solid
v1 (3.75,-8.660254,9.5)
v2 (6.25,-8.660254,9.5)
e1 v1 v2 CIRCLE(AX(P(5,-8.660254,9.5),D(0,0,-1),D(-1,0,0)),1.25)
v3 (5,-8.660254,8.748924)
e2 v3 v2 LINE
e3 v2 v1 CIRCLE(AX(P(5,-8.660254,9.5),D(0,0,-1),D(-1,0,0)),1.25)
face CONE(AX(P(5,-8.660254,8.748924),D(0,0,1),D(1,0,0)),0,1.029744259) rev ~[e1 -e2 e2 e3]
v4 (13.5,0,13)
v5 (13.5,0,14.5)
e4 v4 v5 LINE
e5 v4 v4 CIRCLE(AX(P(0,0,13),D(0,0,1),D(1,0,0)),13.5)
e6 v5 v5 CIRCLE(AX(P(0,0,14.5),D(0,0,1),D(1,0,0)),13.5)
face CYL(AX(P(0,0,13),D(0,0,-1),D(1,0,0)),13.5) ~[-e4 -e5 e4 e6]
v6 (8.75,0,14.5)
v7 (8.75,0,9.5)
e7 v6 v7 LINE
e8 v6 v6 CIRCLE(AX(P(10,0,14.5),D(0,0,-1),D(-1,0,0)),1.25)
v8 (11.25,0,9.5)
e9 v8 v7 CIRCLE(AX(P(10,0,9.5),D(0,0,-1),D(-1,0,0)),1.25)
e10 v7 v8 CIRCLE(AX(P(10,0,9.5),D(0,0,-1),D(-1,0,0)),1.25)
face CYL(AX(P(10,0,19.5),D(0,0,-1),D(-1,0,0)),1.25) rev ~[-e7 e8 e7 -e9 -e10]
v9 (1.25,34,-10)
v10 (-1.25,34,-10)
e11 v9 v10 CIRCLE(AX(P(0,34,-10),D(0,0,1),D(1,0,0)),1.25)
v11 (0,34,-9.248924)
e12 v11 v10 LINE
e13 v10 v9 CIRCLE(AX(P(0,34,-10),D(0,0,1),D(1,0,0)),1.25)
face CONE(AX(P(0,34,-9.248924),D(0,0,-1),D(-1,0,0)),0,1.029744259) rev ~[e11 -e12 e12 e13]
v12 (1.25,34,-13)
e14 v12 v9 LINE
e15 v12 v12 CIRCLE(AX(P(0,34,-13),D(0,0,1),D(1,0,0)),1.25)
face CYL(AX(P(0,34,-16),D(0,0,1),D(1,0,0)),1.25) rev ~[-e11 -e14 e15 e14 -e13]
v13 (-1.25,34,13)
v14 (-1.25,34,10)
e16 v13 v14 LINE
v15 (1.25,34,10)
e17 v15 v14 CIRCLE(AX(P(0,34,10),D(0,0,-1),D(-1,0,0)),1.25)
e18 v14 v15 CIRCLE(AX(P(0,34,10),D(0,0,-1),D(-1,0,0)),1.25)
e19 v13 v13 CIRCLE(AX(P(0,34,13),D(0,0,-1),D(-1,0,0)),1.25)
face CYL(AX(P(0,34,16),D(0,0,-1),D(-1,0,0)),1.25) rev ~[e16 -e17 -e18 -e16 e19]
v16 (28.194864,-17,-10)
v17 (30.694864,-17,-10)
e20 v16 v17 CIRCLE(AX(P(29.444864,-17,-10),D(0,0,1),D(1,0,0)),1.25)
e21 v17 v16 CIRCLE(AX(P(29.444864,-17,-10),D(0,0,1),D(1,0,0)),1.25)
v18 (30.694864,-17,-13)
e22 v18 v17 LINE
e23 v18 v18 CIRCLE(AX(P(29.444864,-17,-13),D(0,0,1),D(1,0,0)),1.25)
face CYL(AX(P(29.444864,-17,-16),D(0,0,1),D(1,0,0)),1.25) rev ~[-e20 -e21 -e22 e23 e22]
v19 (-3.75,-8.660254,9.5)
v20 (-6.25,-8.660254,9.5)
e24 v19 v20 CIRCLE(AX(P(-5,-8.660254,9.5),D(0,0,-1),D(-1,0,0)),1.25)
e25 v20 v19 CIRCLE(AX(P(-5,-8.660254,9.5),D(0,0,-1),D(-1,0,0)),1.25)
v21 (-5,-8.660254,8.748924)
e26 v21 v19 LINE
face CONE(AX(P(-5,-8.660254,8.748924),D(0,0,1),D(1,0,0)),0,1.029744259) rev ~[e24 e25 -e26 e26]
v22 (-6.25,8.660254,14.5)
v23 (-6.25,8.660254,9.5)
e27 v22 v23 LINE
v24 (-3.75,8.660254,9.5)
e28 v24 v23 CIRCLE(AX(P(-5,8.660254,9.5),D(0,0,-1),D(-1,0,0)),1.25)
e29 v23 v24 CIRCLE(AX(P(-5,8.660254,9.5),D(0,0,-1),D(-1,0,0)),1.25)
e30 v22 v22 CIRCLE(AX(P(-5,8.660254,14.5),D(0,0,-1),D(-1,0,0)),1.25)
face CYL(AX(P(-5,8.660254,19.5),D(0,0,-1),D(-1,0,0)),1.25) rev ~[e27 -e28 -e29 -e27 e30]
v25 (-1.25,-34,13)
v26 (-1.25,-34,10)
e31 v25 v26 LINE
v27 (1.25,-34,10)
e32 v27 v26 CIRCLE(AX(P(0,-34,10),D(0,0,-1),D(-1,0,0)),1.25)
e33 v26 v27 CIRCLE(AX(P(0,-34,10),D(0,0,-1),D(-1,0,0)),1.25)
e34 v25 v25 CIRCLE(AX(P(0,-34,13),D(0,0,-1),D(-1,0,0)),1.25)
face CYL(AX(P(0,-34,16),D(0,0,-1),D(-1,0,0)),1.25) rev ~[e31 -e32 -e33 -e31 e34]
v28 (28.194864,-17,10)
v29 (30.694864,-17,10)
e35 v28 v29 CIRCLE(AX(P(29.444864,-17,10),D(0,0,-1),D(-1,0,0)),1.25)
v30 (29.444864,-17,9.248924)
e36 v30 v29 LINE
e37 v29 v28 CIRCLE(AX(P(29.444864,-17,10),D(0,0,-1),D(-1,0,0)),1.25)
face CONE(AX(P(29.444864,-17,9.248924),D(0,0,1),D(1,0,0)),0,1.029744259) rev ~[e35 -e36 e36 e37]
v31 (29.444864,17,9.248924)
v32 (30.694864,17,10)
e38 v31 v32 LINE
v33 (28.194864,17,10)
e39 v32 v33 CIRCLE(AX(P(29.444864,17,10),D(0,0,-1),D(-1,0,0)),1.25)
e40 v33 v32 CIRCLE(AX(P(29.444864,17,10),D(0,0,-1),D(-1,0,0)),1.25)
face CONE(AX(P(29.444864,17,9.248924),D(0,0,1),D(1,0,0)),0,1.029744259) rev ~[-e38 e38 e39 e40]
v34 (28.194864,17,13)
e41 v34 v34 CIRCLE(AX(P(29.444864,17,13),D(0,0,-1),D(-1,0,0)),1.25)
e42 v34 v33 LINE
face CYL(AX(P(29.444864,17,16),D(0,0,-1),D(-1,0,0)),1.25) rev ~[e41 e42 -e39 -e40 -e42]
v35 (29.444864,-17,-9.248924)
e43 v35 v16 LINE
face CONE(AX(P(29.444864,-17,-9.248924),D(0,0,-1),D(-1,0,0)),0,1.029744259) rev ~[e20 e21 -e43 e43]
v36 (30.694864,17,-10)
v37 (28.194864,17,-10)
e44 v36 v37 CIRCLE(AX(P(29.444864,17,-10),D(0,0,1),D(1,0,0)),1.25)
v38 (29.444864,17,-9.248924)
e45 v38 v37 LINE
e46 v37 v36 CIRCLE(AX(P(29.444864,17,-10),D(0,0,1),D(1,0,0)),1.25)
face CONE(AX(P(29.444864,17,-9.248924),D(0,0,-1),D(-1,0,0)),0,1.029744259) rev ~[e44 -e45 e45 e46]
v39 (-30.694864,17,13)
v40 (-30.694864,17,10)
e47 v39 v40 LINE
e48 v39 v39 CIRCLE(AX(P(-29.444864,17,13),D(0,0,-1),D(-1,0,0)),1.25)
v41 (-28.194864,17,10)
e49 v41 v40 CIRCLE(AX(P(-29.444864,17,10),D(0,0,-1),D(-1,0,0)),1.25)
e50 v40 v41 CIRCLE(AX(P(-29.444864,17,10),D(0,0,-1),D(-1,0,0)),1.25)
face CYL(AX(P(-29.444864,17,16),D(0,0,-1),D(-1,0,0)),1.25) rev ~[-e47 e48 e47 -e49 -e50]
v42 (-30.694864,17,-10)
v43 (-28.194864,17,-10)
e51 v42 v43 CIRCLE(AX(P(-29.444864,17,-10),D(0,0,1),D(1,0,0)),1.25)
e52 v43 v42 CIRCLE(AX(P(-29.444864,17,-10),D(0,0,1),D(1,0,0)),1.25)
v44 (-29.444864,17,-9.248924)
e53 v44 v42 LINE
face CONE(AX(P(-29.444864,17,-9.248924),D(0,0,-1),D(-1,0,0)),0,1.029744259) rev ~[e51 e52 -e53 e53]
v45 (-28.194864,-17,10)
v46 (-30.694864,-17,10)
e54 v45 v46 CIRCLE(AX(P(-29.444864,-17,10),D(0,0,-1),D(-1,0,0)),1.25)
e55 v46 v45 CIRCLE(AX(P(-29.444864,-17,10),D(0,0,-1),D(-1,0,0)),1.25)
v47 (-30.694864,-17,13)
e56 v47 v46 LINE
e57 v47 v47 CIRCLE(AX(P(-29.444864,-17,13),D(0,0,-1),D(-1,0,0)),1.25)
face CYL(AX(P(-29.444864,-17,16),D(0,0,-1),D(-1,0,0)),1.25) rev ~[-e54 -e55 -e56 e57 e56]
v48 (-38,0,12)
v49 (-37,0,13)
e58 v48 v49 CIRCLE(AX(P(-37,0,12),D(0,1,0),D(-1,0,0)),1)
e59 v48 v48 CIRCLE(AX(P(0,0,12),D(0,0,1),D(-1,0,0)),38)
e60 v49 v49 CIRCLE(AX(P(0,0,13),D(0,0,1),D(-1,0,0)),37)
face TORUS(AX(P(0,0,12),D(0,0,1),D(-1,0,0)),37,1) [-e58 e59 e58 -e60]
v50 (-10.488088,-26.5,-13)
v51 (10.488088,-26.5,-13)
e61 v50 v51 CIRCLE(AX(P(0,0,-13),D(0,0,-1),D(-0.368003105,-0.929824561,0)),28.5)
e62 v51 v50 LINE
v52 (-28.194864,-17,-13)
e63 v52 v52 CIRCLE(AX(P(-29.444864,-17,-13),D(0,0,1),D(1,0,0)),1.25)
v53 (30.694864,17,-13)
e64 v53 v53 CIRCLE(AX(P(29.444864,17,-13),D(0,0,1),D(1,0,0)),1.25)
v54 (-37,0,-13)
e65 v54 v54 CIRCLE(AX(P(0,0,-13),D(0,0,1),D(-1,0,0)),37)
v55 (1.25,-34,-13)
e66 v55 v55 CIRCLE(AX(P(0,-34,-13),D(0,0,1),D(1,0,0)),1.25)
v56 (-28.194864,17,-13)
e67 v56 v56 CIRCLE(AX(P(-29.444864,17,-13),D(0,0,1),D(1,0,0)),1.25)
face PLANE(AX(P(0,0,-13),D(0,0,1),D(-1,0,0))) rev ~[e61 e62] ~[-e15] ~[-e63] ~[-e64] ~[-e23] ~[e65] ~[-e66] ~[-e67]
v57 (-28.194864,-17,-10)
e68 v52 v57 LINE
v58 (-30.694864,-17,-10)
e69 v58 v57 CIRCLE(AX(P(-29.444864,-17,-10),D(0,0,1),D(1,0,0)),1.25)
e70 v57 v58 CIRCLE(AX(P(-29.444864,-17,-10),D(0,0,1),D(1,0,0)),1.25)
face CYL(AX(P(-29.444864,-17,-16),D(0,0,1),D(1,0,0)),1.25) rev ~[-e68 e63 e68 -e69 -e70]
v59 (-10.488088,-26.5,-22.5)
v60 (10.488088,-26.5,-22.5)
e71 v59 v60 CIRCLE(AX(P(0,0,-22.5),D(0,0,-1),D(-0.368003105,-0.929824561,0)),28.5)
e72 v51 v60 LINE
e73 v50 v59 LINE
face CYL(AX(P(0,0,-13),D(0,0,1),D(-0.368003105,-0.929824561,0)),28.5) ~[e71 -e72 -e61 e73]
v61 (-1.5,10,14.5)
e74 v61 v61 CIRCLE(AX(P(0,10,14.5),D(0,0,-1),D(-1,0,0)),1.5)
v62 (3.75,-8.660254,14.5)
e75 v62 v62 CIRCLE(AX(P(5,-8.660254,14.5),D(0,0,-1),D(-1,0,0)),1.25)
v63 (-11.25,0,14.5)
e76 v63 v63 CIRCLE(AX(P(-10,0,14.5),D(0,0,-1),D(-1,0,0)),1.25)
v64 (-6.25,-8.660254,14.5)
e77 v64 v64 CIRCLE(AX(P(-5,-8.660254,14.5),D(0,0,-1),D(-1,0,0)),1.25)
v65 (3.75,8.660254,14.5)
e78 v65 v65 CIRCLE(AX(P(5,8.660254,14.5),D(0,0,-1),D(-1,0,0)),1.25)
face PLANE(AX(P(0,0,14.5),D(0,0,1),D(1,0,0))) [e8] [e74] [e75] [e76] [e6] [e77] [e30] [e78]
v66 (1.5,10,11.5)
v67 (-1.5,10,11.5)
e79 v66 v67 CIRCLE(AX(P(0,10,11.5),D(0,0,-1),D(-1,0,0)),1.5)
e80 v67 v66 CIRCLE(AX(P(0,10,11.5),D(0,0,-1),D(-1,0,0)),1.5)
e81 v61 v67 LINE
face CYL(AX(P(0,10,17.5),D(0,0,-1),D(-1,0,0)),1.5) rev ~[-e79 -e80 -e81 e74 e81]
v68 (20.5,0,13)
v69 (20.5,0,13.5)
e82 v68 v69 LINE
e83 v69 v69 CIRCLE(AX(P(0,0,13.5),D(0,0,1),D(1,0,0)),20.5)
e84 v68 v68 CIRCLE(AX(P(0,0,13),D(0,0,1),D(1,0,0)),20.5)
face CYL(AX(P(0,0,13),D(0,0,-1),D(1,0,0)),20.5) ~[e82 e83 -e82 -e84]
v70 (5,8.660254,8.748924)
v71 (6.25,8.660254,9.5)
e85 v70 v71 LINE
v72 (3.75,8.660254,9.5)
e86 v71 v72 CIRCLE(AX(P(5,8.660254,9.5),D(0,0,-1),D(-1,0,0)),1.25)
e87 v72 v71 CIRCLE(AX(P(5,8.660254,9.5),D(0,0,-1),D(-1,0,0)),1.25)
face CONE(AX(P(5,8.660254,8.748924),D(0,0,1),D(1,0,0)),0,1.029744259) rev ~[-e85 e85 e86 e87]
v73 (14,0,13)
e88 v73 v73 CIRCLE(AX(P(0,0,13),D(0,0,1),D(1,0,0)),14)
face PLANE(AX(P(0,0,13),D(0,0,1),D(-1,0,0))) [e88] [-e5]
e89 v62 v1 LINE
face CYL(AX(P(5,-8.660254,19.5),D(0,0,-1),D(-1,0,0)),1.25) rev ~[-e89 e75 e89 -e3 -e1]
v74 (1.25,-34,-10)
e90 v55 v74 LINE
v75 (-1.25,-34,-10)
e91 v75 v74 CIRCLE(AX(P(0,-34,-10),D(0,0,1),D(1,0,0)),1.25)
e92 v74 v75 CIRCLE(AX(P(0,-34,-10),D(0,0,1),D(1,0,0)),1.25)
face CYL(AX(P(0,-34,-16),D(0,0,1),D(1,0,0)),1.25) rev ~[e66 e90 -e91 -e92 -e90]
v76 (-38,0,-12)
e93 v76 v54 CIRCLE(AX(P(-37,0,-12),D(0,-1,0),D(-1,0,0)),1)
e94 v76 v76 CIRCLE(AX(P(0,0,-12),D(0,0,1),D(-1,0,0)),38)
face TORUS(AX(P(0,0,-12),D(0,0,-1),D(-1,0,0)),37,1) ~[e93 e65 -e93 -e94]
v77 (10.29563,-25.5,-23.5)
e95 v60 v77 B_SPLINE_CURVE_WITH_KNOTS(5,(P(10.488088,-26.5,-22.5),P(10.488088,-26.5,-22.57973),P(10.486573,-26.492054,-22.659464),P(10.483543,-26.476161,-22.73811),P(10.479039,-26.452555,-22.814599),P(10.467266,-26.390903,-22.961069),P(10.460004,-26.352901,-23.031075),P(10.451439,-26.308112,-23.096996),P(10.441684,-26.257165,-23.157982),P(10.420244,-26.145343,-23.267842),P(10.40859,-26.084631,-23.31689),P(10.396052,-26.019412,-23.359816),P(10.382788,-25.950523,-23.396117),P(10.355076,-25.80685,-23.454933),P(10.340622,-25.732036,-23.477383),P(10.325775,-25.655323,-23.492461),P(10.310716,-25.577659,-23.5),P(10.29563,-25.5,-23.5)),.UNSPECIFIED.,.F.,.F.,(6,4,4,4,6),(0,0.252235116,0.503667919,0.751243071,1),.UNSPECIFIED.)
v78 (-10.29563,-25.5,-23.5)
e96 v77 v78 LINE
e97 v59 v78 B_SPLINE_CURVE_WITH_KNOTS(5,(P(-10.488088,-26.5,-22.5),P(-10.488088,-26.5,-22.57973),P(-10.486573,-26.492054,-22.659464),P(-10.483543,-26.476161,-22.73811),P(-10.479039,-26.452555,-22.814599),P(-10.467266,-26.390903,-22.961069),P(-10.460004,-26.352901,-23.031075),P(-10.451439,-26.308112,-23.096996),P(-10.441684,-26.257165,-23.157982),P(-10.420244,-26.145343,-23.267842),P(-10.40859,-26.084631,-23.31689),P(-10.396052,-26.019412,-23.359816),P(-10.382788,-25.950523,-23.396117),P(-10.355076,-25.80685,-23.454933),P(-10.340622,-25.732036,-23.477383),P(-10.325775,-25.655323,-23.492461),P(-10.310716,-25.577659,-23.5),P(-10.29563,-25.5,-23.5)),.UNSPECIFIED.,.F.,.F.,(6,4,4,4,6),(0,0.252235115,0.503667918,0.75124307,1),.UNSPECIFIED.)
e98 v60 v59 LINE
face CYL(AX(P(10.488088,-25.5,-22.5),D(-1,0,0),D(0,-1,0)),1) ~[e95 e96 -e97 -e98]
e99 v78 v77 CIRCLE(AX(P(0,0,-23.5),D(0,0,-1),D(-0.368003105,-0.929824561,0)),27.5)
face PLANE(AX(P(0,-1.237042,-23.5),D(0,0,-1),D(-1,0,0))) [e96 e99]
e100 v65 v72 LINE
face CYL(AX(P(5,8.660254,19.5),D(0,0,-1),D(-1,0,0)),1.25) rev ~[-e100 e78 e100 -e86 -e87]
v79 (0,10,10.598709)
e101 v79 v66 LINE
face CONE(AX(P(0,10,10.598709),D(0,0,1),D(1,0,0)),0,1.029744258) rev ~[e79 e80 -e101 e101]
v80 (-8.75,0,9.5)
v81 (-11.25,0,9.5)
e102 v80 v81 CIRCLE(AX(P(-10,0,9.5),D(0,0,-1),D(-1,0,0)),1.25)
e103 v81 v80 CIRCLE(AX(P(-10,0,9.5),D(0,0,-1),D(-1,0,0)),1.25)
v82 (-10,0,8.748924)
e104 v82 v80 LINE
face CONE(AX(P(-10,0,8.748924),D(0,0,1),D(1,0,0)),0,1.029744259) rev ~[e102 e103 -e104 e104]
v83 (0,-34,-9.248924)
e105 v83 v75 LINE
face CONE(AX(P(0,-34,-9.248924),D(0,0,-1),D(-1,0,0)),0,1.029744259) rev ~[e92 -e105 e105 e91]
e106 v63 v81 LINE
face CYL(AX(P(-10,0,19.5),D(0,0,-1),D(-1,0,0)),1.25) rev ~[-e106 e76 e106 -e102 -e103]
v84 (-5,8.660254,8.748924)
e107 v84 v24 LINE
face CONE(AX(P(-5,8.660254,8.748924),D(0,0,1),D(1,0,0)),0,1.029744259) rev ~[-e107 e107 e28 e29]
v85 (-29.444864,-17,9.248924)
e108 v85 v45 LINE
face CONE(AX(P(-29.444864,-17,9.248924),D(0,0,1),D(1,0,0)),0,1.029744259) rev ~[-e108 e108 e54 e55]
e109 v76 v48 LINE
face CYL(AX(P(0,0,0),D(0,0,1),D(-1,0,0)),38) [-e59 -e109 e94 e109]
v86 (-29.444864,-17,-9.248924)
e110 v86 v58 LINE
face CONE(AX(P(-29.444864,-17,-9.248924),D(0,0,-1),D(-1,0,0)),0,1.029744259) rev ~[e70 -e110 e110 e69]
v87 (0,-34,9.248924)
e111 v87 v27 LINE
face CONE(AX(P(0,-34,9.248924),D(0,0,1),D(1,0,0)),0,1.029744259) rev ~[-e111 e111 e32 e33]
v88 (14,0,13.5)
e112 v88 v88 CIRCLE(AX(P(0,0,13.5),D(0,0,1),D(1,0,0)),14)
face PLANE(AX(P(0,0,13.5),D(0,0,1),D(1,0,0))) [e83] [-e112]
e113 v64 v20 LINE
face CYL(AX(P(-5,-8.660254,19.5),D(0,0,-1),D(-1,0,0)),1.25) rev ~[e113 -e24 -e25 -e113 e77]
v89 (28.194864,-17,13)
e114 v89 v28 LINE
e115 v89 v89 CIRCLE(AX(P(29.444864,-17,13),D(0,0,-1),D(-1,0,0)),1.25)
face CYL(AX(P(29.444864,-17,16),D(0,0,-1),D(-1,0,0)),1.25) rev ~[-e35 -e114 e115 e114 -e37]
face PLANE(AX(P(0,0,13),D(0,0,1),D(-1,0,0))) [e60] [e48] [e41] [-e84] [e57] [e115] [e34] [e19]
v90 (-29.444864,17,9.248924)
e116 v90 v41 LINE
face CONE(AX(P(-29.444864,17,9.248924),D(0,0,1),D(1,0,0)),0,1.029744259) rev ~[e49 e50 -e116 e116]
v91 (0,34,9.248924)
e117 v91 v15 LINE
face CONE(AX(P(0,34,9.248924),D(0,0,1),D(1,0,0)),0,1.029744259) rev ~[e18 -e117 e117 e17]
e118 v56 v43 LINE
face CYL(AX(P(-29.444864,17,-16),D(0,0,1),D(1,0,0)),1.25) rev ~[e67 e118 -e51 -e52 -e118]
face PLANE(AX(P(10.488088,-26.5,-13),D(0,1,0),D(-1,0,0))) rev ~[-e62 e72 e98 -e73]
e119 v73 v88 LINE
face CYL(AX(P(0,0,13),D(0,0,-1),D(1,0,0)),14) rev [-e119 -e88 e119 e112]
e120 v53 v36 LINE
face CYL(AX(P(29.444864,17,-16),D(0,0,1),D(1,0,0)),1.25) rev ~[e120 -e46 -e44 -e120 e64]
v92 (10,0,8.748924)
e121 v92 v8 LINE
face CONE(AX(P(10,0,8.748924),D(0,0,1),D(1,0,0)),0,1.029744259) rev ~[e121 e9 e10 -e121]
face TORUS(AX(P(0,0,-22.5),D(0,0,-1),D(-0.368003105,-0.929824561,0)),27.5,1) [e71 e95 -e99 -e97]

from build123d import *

# Parameters (mm, degrees)
IZIM2_R                     = 38
Y_KSEKLIK_EKSTR_ZYON1_DEPTH = 13
Y_KSEKLIK_EKSTR_ZYON2_DEPTH = 10.5
IZIM4_R                     = 20.5
IZIM4_R_2                   = 14
Y_KSEKLIK_EKSTR_ZYON3_DEPTH = 0.5
IZIM5_R                     = 13.5
Y_KSEKLIK_EKSTR_ZYON4_DEPTH = 1.5
F_2_5_2_5_AP_DELIK1_D       = 2.5
F_2_5_2_5_AP_DELIK1_DEPTH   = 3
F_2_5_2_5_AP_DELIK1_TIP     = 0.751075774
F_2_5_2_5_AP_DELIK2_D       = 2.5
F_2_5_2_5_AP_DELIK2_DEPTH   = 3
F_2_5_2_5_AP_DELIK2_TIP     = 0.751075774
F_2_5_2_5_AP_DELIK3_D       = 2.5
F_2_5_2_5_AP_DELIK3_DEPTH   = 5
F_2_5_2_5_AP_DELIK3_TIP     = 0.751075774
F_3_0_3_AP_DELIK1_D         = 3
F_3_0_3_AP_DELIK1_DEPTH     = 3
F_3_0_3_AP_DELIK1_TIP       = 0.901290929
RADYUS1_R                   = 1


with BuildPart() as part:
    # Çizim2 → Yükseklik-Ekstrüzyon1 (new, symmetric)
    with BuildSketch(Plane.XY):
        with Locations(Location((0, 0, 0), (0, 0, 180))):
            Circle(IZIM2_R)
    extrude(amount=Y_KSEKLIK_EKSTR_ZYON1_DEPTH, both=True)

    # Çizim3 → Yükseklik-Ekstrüzyon2 (add)
    with BuildSketch(Plane(origin=(0, 0, -13), x_dir=(-1, 0, 0), z_dir=(0, 0, -1))):
        with BuildLine():
            Line((-10.488088482, -26.5), (10.488088482, -26.5))
            ThreePointArc((10.488088482, -26.5), (0, 28.5), (-10.488088482, -26.5))
        make_face()
    extrude(amount=Y_KSEKLIK_EKSTR_ZYON2_DEPTH)

    # Çizim4 → Yükseklik-Ekstrüzyon3 (add)
    with BuildSketch(Plane.XY.offset(13)):
        Circle(IZIM4_R)
        Circle(IZIM4_R_2, mode=Mode.SUBTRACT)
    extrude(amount=Y_KSEKLIK_EKSTR_ZYON3_DEPTH)

    # Çizim5 → Yükseklik-Ekstrüzyon4 (add)
    with BuildSketch(Plane.XY.offset(13)):
        Circle(IZIM5_R)
    extrude(amount=Y_KSEKLIK_EKSTR_ZYON4_DEPTH)

    # Ø2.5 (2.5) Çap Delik1
    with Locations(Plane(origin=(0, 34, 13), x_dir=(1, 0, 0), z_dir=(0, 0, 1))):
        with Locations((0, 0), (29.444863729, -17), (-29.444863729, -17), (-29.444863729, -51), (0, -68), (29.444863729, -51)):
            Hole(F_2_5_2_5_AP_DELIK1_D / 2, depth=F_2_5_2_5_AP_DELIK1_DEPTH)
            with Locations((0, 0, -(F_2_5_2_5_AP_DELIK1_DEPTH + F_2_5_2_5_AP_DELIK1_TIP / 2))):  # 118° drill point
                Cone(0, F_2_5_2_5_AP_DELIK1_D / 2, F_2_5_2_5_AP_DELIK1_TIP, mode=Mode.SUBTRACT)

    # Ø2.5 (2.5) Çap Delik2
    with Locations(Plane(origin=(0, 34, -13), x_dir=(-1, 0, 0), z_dir=(0, 0, -1))):
        with Locations((0, 0), (-29.444863729, -17), (-29.444863729, -51), (0, -68), (29.444863729, -51), (29.444863729, -17)):
            Hole(F_2_5_2_5_AP_DELIK2_D / 2, depth=F_2_5_2_5_AP_DELIK2_DEPTH)
            with Locations((0, 0, -(F_2_5_2_5_AP_DELIK2_DEPTH + F_2_5_2_5_AP_DELIK2_TIP / 2))):  # 118° drill point
                Cone(0, F_2_5_2_5_AP_DELIK2_D / 2, F_2_5_2_5_AP_DELIK2_TIP, mode=Mode.SUBTRACT)

    # Ø2.5 (2.5) Çap Delik3
    with Locations(Plane(origin=(-10, 0, 14.5), x_dir=(1, 0, 0), z_dir=(0, 0, 1))):
        with Locations((0, 0), (5, 8.660254038), (15, 8.660254038), (20, 0), (15, -8.660254038), (5, -8.660254038)):
            Hole(F_2_5_2_5_AP_DELIK3_D / 2, depth=F_2_5_2_5_AP_DELIK3_DEPTH)
            with Locations((0, 0, -(F_2_5_2_5_AP_DELIK3_DEPTH + F_2_5_2_5_AP_DELIK3_TIP / 2))):  # 118° drill point
                Cone(0, F_2_5_2_5_AP_DELIK3_D / 2, F_2_5_2_5_AP_DELIK3_TIP, mode=Mode.SUBTRACT)

    # Ø3.0 (3) Çap Delik1
    with Locations(Plane(origin=(0, 10, 14.5), x_dir=(1, 0, 0), z_dir=(0, 0, 1))):
        with Locations((0, 0)):
            Hole(F_3_0_3_AP_DELIK1_D / 2, depth=F_3_0_3_AP_DELIK1_DEPTH)
            with Locations((0, 0, -(F_3_0_3_AP_DELIK1_DEPTH + F_3_0_3_AP_DELIK1_TIP / 2))):  # 118° drill point
                Cone(0, F_3_0_3_AP_DELIK1_D / 2, F_3_0_3_AP_DELIK1_TIP, mode=Mode.SUBTRACT)

    # Radyus1
    radyus1_edges = [part.edges().sort_by_distance(p)[0] for p in [
        (38, 0, -13),
        (38, 0, 13),
        (0, 28.5, -23.5),
        (0, -26.5, -23.5),
    ]]
    fillet(radyus1_edges, radius=RADYUS1_R)


solid = part.part
